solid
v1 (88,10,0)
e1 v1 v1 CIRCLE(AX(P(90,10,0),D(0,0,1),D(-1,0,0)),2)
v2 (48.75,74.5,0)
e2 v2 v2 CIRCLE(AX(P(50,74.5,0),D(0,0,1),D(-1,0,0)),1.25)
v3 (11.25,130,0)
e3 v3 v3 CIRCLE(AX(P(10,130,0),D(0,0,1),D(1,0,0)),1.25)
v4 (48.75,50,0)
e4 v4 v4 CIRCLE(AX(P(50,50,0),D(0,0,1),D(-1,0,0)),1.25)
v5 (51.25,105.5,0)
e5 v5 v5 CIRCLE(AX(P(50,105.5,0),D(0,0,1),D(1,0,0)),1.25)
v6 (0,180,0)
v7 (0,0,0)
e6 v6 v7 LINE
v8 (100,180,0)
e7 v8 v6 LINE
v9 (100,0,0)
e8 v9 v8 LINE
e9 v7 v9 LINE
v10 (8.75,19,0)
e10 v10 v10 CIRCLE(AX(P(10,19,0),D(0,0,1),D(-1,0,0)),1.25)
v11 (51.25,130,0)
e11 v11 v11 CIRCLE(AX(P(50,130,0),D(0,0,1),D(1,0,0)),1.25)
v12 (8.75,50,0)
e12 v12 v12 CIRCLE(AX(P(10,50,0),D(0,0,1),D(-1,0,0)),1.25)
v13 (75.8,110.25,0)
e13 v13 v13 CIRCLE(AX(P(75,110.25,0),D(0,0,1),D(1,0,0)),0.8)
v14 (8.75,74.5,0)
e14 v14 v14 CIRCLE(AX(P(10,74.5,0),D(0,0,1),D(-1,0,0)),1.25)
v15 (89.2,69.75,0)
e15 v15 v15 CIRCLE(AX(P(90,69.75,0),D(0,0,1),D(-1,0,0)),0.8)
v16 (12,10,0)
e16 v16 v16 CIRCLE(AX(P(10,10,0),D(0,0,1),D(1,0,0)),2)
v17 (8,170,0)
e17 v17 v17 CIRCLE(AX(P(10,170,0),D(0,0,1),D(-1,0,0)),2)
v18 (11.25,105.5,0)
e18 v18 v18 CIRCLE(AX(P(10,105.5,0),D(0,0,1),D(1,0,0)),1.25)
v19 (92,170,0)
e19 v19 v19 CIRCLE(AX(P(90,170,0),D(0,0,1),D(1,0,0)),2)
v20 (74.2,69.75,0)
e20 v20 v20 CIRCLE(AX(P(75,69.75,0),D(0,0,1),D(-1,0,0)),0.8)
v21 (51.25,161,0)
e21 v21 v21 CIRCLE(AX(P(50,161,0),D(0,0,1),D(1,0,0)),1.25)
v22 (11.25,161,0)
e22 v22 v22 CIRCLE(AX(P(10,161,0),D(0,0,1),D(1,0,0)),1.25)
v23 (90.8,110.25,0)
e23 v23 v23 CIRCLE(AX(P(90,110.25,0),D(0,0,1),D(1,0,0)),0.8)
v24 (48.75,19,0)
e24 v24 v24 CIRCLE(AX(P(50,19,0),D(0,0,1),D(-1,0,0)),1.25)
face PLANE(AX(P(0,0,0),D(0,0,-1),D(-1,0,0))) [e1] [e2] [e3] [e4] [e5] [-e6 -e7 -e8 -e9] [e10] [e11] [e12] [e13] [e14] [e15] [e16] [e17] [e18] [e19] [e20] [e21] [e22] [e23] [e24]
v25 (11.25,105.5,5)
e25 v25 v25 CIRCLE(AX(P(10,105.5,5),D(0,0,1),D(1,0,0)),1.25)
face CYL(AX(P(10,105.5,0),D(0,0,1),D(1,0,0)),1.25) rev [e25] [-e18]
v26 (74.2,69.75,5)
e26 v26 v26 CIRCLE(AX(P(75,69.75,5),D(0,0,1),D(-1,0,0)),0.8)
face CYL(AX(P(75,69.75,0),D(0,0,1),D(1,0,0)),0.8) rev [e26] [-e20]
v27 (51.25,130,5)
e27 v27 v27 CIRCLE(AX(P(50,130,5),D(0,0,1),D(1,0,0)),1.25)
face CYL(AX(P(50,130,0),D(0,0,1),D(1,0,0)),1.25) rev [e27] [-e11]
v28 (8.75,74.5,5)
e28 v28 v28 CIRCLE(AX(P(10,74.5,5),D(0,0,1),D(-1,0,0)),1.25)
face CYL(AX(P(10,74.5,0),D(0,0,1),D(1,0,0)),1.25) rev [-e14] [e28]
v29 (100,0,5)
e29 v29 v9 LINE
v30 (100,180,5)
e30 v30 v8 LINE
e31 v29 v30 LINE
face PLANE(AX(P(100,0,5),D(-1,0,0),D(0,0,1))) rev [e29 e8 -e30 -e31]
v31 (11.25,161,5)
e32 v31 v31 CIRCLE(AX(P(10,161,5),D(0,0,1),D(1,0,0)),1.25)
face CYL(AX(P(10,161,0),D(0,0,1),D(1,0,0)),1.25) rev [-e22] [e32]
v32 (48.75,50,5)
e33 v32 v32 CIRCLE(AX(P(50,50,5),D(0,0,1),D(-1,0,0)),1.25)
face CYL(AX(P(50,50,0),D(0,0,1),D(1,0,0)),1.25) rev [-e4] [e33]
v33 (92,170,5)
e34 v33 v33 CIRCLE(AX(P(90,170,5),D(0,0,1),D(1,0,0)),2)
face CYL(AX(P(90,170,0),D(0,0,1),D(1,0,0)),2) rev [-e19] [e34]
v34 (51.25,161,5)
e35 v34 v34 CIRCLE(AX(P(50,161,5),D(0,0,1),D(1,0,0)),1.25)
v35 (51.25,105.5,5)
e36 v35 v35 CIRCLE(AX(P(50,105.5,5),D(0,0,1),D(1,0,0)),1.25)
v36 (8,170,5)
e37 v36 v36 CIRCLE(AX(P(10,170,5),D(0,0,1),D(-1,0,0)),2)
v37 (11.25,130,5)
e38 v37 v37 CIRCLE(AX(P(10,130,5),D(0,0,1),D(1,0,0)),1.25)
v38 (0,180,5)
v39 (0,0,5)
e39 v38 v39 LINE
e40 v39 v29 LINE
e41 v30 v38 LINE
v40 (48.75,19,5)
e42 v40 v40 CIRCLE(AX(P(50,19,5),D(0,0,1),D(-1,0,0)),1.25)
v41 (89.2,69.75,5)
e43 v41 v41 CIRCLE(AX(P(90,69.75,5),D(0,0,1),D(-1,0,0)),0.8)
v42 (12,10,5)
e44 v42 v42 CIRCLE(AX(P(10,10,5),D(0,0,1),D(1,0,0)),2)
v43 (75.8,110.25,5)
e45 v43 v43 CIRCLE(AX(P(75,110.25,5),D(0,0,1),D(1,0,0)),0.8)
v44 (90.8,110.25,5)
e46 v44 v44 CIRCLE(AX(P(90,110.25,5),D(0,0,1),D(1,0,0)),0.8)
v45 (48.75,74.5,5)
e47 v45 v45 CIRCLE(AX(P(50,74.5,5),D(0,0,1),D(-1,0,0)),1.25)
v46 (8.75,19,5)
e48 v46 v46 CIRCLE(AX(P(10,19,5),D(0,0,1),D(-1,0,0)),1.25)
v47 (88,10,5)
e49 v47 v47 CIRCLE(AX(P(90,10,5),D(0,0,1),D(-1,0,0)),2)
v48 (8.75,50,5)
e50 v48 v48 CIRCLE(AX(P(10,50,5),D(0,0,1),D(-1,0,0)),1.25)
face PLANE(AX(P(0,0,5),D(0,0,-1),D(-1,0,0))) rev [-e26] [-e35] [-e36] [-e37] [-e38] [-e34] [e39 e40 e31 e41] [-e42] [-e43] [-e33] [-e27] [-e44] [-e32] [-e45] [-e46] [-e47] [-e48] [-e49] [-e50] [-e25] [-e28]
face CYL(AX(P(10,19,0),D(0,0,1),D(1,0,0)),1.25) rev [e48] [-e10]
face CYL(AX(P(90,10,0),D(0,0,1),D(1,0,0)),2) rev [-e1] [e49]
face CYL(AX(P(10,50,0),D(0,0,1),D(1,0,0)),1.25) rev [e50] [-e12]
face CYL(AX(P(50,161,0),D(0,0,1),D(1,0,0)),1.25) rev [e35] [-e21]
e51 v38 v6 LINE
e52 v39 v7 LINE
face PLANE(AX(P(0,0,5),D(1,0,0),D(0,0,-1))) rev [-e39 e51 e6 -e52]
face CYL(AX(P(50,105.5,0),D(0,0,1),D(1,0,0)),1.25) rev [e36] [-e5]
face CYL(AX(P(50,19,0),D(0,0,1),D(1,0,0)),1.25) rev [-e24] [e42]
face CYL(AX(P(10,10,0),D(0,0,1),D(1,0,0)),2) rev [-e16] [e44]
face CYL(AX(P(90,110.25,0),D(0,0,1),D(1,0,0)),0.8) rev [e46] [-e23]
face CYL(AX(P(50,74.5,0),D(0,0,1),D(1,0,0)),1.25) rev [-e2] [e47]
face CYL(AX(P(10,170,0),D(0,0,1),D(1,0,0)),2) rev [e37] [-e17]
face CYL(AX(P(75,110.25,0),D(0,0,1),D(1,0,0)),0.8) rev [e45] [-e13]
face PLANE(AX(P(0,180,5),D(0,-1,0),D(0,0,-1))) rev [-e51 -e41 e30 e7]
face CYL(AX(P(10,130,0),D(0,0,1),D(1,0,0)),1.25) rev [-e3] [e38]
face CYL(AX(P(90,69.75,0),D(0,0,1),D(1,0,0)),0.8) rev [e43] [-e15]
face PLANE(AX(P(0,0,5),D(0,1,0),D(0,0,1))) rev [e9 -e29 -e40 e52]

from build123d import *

# Parameters (mm, degrees)
ESQUISSE1_W             = 100
ESQUISSE1_H             = 180
BOSS_EXTRU_1_DEPTH      = 5
ESQUISSE2_R             = 1.25
ESQUISSE2_R_2           = 0.8
ESQUISSE2_R_3           = 2
ENL_V_MAT_EXTRU_1_DEPTH = 5


with BuildPart() as part:
    # Esquisse1 → Boss.-Extru.1 (new body)
    with BuildSketch(Plane.XY):
        with Locations((50, 90)):
            Rectangle(ESQUISSE1_W, ESQUISSE1_H)
    extrude(amount=BOSS_EXTRU_1_DEPTH)

    # Esquisse2 → Enlèv. mat.-Extru.1 (cut)
    with BuildSketch(Plane.XY.offset(5)):
        with Locations((10, 105.5)):
            Circle(ESQUISSE2_R)
        with Locations((50, 105.5)):
            Circle(ESQUISSE2_R)
        with Locations(Location((50, 74.5, 0), (0, 0, 180))):
            Circle(ESQUISSE2_R)
        with Locations(Location((10, 74.5, 0), (0, 0, 180))):
            Circle(ESQUISSE2_R)
        with Locations((10, 130)):
            Circle(ESQUISSE2_R)
        with Locations((50, 130)):
            Circle(ESQUISSE2_R)
        with Locations((50, 161)):
            Circle(ESQUISSE2_R)
        with Locations((10, 161)):
            Circle(ESQUISSE2_R)
        with Locations(Location((10, 19, 0), (0, 0, 180))):
            Circle(ESQUISSE2_R)
        with Locations(Location((50, 19, 0), (0, 0, 180))):
            Circle(ESQUISSE2_R)
        with Locations(Location((50, 50, 0), (0, 0, 180))):
            Circle(ESQUISSE2_R)
        with Locations(Location((10, 50, 0), (0, 0, 180))):
            Circle(ESQUISSE2_R)
        with Locations((75, 110.25)):
            Circle(ESQUISSE2_R_2)
        with Locations((90, 110.25)):
            Circle(ESQUISSE2_R_2)
        with Locations(Location((90, 69.75, 0), (0, 0, 180))):
            Circle(ESQUISSE2_R_2)
        with Locations(Location((75, 69.75, 0), (0, 0, 180))):
            Circle(ESQUISSE2_R_2)
        with Locations((90, 170)):
            Circle(ESQUISSE2_R_3)
        with Locations(Location((90, 10, 0), (0, 0, 180))):
            Circle(ESQUISSE2_R_3)
        with Locations(Location((10, 170, 0), (0, 0, 180))):
            Circle(ESQUISSE2_R_3)
        with Locations((10, 10)):
            Circle(ESQUISSE2_R_3)
    extrude(amount=-ENL_V_MAT_EXTRU_1_DEPTH, mode=Mode.SUBTRACT)


solid = part.part
